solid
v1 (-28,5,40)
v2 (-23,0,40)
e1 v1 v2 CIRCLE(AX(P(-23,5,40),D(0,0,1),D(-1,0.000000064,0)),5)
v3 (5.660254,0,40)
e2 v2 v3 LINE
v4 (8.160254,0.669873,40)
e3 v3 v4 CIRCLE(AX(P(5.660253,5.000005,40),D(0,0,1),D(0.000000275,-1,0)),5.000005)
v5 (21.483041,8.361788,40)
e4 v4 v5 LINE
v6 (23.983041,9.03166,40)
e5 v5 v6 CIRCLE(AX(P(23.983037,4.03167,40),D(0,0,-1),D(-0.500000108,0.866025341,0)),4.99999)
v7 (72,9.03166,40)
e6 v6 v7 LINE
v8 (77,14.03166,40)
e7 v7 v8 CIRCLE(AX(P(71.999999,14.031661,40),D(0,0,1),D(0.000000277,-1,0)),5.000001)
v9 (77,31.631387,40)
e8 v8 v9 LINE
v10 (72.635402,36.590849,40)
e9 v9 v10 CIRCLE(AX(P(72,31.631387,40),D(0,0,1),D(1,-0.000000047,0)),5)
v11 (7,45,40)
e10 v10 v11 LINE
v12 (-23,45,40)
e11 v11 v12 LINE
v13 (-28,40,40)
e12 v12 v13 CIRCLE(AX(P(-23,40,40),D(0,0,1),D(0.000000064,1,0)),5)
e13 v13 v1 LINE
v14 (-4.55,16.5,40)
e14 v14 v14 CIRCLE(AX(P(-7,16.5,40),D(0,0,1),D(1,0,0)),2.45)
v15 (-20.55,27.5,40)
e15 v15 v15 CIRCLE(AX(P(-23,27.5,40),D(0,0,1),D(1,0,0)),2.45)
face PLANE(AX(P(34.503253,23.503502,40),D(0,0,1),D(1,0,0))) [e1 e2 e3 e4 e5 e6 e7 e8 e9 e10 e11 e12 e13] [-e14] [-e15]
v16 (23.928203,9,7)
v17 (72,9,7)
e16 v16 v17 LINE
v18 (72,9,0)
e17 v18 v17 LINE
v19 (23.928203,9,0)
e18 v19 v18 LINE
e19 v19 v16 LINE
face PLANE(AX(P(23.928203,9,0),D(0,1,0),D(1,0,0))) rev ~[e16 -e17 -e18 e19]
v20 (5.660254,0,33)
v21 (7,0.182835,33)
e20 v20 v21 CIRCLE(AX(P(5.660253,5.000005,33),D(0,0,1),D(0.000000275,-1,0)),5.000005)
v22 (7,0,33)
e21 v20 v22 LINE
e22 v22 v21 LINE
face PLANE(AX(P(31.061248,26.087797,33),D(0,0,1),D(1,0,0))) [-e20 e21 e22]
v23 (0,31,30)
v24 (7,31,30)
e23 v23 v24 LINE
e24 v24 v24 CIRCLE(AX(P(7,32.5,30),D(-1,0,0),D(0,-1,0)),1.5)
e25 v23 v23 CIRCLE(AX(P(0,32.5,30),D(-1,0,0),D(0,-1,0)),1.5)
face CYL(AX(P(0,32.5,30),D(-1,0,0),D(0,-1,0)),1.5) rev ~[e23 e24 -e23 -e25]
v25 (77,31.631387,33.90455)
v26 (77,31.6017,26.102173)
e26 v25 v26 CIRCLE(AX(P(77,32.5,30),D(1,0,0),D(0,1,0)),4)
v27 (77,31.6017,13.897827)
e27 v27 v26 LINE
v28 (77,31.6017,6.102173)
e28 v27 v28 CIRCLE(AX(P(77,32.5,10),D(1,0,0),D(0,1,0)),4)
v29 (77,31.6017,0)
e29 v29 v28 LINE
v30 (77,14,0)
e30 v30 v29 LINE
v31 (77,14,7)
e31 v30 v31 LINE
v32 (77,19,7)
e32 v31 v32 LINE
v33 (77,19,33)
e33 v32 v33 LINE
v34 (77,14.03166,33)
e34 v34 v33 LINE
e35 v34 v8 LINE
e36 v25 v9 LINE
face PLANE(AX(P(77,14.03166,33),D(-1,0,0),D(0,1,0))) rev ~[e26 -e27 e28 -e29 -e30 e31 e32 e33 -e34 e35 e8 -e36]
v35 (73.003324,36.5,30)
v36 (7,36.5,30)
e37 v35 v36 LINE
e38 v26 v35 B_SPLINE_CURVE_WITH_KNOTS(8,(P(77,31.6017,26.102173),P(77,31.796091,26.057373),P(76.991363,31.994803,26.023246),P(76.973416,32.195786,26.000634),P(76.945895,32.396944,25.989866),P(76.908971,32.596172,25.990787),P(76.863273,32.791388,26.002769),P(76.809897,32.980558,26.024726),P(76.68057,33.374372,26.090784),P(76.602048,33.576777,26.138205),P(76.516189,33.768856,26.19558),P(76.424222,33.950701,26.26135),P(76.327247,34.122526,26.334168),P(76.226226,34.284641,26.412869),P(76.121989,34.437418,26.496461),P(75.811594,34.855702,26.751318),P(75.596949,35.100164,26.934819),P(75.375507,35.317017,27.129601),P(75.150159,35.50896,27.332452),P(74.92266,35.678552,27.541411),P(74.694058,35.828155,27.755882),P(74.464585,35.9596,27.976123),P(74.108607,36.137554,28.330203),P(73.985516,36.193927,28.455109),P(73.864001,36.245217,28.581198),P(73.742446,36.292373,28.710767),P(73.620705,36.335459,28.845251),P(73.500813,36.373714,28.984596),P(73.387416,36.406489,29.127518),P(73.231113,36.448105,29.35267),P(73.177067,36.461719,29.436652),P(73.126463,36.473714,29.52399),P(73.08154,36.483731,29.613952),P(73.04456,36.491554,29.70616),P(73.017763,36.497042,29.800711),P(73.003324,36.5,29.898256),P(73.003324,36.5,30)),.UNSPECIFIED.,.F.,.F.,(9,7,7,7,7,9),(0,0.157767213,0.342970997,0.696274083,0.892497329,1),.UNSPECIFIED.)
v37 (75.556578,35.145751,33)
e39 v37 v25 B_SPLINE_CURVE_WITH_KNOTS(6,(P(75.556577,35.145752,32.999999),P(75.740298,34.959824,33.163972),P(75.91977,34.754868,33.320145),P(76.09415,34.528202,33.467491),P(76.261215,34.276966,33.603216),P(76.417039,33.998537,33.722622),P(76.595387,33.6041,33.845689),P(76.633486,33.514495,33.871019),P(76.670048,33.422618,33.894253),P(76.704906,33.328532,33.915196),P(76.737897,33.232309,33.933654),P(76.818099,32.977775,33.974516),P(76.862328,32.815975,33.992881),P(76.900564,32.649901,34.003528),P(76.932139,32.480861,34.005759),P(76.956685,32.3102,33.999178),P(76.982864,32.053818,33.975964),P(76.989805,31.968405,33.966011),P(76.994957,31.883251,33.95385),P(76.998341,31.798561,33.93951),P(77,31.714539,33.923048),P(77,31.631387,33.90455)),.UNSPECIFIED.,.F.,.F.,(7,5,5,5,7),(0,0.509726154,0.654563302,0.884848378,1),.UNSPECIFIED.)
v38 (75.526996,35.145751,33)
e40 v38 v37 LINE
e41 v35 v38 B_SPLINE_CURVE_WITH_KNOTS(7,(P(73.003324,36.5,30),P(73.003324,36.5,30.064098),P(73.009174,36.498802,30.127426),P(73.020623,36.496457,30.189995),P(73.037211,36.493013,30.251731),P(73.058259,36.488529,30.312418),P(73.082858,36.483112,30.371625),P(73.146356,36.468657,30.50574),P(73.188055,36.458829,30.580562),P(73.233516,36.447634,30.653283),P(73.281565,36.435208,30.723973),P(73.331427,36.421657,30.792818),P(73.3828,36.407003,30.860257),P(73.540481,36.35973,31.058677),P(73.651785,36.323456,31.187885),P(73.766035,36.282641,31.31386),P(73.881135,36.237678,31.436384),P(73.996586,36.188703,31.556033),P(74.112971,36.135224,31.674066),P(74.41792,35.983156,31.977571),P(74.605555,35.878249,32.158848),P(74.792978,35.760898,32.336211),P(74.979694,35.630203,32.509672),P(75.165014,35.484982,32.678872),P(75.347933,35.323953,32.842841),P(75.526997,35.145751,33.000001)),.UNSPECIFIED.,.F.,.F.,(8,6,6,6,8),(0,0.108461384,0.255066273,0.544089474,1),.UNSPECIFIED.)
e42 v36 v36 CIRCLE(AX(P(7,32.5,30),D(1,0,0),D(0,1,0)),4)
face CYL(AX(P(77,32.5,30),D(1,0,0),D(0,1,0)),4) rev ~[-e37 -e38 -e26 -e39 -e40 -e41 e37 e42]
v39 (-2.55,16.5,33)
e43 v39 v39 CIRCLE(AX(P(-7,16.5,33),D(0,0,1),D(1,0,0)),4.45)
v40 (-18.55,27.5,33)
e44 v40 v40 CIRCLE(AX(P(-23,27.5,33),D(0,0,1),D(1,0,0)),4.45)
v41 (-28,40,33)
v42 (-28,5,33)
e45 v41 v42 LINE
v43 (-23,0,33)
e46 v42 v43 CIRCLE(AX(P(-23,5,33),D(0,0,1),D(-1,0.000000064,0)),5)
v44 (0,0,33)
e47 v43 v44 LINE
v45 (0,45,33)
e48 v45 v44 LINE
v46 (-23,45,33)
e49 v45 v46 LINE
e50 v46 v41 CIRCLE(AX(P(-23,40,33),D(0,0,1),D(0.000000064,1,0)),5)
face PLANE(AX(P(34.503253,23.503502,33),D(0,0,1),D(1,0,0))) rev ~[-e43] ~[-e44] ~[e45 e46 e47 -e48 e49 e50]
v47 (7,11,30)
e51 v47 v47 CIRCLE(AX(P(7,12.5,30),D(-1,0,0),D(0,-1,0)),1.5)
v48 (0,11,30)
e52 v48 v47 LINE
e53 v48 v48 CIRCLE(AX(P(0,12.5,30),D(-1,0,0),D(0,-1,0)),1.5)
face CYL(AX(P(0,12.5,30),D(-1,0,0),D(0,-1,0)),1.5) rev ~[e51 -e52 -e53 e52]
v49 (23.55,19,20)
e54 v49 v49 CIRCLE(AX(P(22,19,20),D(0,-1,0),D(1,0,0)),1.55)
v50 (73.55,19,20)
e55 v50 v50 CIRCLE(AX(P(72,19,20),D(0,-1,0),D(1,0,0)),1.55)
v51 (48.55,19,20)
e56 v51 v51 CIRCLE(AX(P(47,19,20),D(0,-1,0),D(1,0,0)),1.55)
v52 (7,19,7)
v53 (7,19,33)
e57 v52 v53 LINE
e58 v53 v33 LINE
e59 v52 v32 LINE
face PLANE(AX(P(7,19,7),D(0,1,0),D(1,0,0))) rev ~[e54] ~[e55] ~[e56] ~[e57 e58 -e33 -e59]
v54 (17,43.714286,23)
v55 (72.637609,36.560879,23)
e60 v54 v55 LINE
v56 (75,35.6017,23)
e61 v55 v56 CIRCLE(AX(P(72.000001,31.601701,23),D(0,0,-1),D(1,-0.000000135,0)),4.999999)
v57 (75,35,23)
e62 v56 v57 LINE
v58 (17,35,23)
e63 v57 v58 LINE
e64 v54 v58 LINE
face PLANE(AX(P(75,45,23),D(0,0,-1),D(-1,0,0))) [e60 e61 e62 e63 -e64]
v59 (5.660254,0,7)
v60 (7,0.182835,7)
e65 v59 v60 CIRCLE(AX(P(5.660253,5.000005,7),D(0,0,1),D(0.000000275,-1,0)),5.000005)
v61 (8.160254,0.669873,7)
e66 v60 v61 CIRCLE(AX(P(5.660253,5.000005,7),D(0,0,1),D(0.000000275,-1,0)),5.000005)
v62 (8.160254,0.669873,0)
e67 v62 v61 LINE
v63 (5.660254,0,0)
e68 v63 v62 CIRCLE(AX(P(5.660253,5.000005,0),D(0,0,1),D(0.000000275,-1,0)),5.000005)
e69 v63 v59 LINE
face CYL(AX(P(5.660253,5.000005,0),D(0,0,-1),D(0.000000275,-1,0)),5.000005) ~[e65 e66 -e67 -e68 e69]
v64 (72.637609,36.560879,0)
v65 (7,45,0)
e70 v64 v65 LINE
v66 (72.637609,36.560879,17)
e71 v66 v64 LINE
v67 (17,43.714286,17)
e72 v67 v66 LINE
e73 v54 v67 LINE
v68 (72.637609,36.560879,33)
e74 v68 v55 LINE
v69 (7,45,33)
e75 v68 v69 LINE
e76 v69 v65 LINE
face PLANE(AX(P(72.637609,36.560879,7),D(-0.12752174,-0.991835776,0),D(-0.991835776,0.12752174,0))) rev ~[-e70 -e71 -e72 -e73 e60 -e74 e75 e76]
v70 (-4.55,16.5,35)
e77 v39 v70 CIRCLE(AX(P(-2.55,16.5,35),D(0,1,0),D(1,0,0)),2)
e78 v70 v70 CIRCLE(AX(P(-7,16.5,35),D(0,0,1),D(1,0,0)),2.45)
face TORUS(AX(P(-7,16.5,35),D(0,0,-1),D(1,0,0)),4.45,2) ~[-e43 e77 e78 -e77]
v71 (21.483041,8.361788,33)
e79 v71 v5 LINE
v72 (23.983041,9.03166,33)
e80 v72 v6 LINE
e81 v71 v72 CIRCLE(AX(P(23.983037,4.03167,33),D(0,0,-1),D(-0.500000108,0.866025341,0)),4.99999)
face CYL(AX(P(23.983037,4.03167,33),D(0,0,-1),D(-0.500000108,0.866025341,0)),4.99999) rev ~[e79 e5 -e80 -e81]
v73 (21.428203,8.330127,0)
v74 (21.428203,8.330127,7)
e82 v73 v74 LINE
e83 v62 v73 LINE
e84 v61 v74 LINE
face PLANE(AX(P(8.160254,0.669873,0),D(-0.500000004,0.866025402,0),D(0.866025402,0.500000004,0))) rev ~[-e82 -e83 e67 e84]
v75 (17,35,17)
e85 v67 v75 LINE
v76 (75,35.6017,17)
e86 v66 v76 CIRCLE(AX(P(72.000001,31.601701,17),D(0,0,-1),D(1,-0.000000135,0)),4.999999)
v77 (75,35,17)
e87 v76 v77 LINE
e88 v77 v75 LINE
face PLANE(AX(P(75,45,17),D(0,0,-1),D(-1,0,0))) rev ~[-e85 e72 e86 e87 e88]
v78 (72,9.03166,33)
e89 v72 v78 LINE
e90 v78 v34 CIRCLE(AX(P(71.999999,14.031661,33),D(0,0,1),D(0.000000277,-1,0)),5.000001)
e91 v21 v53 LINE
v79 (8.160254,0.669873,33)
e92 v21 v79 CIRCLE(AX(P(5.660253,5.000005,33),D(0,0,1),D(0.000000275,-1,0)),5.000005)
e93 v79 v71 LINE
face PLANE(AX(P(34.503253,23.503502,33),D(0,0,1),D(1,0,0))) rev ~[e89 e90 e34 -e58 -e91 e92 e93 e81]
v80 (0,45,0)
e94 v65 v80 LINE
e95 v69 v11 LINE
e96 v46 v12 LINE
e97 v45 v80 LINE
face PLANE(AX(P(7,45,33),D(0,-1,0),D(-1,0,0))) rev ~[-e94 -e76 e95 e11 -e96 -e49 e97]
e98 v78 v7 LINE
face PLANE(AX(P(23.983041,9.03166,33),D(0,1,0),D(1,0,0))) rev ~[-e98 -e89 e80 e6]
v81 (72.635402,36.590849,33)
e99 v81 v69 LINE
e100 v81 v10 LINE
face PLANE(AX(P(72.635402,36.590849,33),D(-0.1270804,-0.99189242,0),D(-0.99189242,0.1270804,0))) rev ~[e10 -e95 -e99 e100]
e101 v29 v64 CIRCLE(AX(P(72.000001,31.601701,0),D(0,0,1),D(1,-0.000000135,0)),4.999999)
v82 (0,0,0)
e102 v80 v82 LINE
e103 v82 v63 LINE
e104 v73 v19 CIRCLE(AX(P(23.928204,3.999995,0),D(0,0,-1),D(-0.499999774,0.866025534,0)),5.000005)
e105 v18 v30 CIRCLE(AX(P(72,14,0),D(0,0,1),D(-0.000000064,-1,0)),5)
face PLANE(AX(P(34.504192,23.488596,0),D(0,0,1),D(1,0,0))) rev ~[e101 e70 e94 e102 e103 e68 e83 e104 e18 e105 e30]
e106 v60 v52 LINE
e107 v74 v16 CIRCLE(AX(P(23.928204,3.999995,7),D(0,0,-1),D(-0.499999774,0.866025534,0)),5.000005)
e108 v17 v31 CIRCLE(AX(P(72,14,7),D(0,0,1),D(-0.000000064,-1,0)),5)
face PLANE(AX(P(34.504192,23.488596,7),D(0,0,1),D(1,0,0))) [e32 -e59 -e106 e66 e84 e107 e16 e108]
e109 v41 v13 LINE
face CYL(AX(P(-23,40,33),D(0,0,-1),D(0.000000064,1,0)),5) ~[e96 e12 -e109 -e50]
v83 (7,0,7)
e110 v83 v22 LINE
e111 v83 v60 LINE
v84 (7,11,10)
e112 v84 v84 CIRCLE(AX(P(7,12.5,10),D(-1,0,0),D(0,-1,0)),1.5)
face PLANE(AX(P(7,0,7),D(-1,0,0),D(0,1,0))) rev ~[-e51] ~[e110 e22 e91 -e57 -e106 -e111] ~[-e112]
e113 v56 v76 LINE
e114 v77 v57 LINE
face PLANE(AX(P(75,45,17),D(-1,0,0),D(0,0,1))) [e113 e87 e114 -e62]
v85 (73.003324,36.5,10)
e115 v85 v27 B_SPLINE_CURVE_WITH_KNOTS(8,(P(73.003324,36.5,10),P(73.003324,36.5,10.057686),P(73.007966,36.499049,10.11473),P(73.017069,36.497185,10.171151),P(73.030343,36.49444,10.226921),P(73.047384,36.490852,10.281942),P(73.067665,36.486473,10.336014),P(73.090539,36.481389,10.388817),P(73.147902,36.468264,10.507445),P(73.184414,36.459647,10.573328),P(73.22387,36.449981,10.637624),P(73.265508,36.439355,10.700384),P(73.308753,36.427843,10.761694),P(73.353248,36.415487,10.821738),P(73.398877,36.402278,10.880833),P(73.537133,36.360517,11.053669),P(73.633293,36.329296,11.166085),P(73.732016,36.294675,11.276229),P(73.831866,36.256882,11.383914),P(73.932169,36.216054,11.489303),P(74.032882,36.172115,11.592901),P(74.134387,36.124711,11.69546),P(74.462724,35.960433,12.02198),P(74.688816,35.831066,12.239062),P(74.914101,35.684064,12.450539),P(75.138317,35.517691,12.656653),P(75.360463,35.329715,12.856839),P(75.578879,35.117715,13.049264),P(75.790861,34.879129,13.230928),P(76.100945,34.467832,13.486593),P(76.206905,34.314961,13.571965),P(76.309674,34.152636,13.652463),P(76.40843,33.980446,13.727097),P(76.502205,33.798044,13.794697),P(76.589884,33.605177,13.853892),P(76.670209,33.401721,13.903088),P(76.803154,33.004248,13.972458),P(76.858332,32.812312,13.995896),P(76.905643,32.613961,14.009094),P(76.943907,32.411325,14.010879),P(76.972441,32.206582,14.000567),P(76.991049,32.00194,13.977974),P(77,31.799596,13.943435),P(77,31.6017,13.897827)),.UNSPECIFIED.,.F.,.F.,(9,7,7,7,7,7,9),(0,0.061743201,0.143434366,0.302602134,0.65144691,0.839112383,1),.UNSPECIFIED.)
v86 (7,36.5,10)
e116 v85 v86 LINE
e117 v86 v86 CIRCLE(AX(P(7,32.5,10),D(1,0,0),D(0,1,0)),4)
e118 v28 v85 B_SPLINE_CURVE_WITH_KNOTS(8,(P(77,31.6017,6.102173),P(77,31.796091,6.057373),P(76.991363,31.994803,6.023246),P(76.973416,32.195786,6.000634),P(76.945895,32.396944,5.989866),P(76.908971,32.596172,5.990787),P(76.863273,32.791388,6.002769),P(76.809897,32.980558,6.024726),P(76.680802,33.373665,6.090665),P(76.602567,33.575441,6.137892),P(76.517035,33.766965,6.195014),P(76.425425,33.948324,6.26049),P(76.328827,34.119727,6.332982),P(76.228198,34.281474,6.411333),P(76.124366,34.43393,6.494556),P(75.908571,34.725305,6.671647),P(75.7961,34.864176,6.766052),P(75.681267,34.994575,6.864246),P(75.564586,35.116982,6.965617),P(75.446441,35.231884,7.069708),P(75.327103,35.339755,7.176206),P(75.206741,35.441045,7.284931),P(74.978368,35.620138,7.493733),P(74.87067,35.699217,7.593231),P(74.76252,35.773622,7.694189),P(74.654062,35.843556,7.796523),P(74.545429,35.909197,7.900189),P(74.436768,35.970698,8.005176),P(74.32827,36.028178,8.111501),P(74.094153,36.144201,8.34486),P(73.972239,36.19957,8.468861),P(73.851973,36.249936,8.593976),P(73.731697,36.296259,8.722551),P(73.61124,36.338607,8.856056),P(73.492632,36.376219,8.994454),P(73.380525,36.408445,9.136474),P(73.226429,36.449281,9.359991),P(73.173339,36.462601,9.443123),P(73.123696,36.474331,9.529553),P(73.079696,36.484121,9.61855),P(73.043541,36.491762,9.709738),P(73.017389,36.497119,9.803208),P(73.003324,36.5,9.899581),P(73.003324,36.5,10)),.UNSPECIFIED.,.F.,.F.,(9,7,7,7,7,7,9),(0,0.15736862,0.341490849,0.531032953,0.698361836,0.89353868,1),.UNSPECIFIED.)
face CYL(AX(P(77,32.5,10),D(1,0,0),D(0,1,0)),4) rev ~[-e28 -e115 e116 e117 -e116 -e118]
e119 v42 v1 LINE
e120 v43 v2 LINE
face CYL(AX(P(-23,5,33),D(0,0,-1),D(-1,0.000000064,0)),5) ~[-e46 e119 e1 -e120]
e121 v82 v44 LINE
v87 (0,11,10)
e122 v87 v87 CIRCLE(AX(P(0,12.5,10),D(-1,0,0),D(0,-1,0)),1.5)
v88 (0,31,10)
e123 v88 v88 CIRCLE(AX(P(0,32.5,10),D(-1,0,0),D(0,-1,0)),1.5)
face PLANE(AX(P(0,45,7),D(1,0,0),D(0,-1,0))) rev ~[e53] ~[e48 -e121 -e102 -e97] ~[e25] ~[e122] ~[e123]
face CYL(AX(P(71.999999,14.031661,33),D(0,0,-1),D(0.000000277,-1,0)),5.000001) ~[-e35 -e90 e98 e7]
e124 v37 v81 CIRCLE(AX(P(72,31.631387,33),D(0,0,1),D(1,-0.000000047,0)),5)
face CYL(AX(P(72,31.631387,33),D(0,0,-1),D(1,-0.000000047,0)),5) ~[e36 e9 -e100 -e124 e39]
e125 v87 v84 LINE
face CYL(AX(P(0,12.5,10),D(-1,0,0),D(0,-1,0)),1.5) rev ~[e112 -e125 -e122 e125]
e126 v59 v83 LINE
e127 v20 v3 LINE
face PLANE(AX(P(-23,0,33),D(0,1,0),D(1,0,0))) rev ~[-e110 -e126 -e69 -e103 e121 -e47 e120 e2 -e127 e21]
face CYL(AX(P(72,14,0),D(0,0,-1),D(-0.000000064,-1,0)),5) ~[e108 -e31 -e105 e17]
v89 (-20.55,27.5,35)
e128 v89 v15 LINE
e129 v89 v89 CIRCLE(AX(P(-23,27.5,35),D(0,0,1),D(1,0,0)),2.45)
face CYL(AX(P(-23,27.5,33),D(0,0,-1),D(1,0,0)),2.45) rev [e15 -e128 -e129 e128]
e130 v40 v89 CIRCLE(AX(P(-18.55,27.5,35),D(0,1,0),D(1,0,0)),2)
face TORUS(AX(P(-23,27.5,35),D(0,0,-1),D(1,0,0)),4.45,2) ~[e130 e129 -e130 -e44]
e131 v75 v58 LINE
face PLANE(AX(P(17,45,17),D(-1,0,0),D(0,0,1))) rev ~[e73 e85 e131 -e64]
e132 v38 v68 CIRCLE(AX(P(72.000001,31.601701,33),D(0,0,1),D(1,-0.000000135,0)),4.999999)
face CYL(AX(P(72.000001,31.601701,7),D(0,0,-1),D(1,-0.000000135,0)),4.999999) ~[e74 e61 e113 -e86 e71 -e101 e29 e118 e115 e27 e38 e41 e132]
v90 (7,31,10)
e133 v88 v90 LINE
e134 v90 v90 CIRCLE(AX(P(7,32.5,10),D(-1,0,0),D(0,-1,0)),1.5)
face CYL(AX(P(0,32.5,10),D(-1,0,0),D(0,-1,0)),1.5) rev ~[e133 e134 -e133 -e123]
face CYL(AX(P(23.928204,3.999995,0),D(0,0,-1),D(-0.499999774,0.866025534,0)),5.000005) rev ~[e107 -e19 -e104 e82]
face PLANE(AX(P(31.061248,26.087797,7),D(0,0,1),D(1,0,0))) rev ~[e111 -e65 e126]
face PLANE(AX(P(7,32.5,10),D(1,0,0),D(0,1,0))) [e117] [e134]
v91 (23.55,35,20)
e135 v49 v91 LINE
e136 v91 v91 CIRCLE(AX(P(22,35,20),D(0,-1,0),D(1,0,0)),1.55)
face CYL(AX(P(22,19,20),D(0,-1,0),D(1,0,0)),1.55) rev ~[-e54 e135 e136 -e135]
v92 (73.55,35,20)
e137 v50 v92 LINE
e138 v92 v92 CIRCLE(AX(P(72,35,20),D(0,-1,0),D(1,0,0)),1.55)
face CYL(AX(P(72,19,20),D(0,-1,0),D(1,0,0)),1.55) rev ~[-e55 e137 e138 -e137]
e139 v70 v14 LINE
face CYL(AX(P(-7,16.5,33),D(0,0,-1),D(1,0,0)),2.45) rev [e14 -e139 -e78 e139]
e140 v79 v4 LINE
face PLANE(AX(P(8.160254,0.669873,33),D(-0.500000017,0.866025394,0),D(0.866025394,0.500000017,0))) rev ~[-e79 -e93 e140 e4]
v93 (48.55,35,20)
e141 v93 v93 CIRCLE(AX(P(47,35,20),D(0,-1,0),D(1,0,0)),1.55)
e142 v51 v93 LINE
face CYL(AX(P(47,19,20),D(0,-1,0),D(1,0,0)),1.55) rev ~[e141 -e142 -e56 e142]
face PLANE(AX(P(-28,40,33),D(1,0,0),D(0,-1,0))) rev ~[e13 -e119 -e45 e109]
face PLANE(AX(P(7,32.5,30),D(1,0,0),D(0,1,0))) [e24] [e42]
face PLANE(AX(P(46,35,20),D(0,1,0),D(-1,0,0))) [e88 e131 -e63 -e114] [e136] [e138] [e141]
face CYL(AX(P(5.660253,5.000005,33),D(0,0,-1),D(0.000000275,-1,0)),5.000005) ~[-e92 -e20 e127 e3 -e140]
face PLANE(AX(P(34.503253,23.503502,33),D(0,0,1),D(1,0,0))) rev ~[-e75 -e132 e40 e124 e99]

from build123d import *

# Parameters (mm, degrees)
F1_DEPTH  = 7
F3_DEPTH  = 26
F4_R      = 2.45
F5_DEPTH  = 7
F6_R      = 2
F7_R      = 1.5
F8_DEPTH  = 77.001
F9_R      = 4
F10_DEPTH = 70
F11_R     = 1.55
F12_DEPTH = 26.001
F13_W     = 58
F13_H     = 6
F14_DEPTH = 10


with BuildPart() as f1:
    # F0 (on Top) → F1 (new body)
    with BuildSketch(Plane.XY):
        with BuildLine():
            Line((0, 45), (0, 0))
            Line((0, 0), (5.660254, 0))
            ThreePointArc((5.660254, 0), (6.954349, 0.170371), (8.160254, 0.669873))
            Line((8.160254, 0.669873), (21.428203, 8.330127))
            ThreePointArc((21.428203, 8.330127), (22.634108, 8.829629), (23.928203, 9))
            Line((23.928203, 9), (72, 9))
            ThreePointArc((72, 9), (75.535534, 10.464466), (77, 14))
            Line((77, 14), (77, 31.6017))
            ThreePointArc((77, 31.6017), (75.754201, 34.90412), (72.637609, 36.560879))
            Line((72.637609, 36.560879), (7, 45))
            Line((7, 45), (0, 45))
        make_face()
    extrude(amount=F1_DEPTH)

    # F2 (on face) → F3 (join)
    with BuildSketch(Plane.XY.offset(7)):
        with BuildLine():
            Line((0, 45), (0, 0))
            Line((0, 0), (7, 0))
            Line((7, 0), (7, 19))
            Line((7, 19), (77, 19))
            Line((77, 19), (77, 31.6017))
            ThreePointArc((77, 31.6017), (75.754201, 34.90412), (72.637609, 36.560879))
            Line((72.637609, 36.560879), (7, 45))
            Line((7, 45), (0, 45))
        make_face()
    extrude(amount=F3_DEPTH)

    # F4 (on face) → F5 (join)
    with BuildSketch(Plane.XY.offset(33)):
        with BuildLine():
            Line((0, 45), (0, 0))
            Line((0, 0), (5.660254, 0))
            ThreePointArc((5.660254, 0), (6.954349, 0.170371), (8.160254, 0.669873))
            Line((8.160254, 0.669873), (21.483041, 8.361788))
            ThreePointArc((21.483041, 8.361788), (22.688946, 8.86129), (23.983041, 9.03166))
            Line((23.983041, 9.03166), (72, 9.03166))
            ThreePointArc((72, 9.03166), (75.535534, 10.496127), (77, 14.03166))
            Line((77, 14.03166), (77, 31.631387))
            ThreePointArc((77, 31.631387), (75.753466, 34.934642), (72.635402, 36.590849))
            Line((72.635402, 36.590849), (7, 45))
            Line((7, 45), (0, 45))
        make_face()
        with BuildLine():
            Line((-23, 0), (0, 0))
            Line((0, 0), (0, 45))
            Line((0, 45), (-23, 45))
            ThreePointArc((-23, 45), (-26.535534, 43.535534), (-28, 40))
            Line((-28, 40), (-28, 5))
            ThreePointArc((-28, 5), (-26.535534, 1.464466), (-23, 0))
        make_face()
        with Locations((-7, 16.5)):
            Circle(F4_R, mode=Mode.SUBTRACT)
        with Locations((-23, 27.5)):
            Circle(F4_R, mode=Mode.SUBTRACT)
    extrude(amount=F5_DEPTH)

    # F6
    f6_edges = [f1.edges().sort_by_distance(p)[0] for p in [
        (-9.45, 16.5, 33),
        (-25.45, 27.5, 33),
    ]]
    fillet(f6_edges, radius=F6_R)

    # F7 (on face) → F8 (cut, through all)
    with BuildSketch(Plane(origin=(0, 0, 0), x_dir=(0, -1, 0), z_dir=(-1, 0, 0))):
        with Locations((-32.5, 30)):
            Circle(F7_R)
        with Locations((-12.5, 30)):
            Circle(F7_R)
        with Locations((-12.5, 10)):
            Circle(F7_R)
        with Locations((-32.5, 10)):
            Circle(F7_R)
    extrude(amount=-F8_DEPTH, mode=Mode.SUBTRACT)

    # F9 (on face) → F10 (cut)
    with BuildSketch(Plane.YZ.offset(77)):
        with Locations((32.5, 30)):
            Circle(F9_R)
        with Locations((32.5, 10)):
            Circle(F9_R)
    extrude(amount=-F10_DEPTH, mode=Mode.SUBTRACT)

    # F11 (on face) → F12 (cut, through all)
    with BuildSketch(Plane.XZ.offset(-19)):
        with Locations((22, 20)):
            Circle(F11_R)
        with Locations((47, 20)):
            Circle(F11_R)
        with Locations((72, 20)):
            Circle(F11_R)
    extrude(amount=-F12_DEPTH, mode=Mode.SUBTRACT)

    # F13 (on face) → F14 (cut)
    with BuildSketch(Plane(origin=(0, 45, 0), x_dir=(-1, 0, 0), z_dir=(0, 1, 0))):
        with Locations((-46, 20)):
            Rectangle(F13_W, F13_H)
    extrude(amount=-F14_DEPTH, mode=Mode.SUBTRACT)


solid = f1.part
